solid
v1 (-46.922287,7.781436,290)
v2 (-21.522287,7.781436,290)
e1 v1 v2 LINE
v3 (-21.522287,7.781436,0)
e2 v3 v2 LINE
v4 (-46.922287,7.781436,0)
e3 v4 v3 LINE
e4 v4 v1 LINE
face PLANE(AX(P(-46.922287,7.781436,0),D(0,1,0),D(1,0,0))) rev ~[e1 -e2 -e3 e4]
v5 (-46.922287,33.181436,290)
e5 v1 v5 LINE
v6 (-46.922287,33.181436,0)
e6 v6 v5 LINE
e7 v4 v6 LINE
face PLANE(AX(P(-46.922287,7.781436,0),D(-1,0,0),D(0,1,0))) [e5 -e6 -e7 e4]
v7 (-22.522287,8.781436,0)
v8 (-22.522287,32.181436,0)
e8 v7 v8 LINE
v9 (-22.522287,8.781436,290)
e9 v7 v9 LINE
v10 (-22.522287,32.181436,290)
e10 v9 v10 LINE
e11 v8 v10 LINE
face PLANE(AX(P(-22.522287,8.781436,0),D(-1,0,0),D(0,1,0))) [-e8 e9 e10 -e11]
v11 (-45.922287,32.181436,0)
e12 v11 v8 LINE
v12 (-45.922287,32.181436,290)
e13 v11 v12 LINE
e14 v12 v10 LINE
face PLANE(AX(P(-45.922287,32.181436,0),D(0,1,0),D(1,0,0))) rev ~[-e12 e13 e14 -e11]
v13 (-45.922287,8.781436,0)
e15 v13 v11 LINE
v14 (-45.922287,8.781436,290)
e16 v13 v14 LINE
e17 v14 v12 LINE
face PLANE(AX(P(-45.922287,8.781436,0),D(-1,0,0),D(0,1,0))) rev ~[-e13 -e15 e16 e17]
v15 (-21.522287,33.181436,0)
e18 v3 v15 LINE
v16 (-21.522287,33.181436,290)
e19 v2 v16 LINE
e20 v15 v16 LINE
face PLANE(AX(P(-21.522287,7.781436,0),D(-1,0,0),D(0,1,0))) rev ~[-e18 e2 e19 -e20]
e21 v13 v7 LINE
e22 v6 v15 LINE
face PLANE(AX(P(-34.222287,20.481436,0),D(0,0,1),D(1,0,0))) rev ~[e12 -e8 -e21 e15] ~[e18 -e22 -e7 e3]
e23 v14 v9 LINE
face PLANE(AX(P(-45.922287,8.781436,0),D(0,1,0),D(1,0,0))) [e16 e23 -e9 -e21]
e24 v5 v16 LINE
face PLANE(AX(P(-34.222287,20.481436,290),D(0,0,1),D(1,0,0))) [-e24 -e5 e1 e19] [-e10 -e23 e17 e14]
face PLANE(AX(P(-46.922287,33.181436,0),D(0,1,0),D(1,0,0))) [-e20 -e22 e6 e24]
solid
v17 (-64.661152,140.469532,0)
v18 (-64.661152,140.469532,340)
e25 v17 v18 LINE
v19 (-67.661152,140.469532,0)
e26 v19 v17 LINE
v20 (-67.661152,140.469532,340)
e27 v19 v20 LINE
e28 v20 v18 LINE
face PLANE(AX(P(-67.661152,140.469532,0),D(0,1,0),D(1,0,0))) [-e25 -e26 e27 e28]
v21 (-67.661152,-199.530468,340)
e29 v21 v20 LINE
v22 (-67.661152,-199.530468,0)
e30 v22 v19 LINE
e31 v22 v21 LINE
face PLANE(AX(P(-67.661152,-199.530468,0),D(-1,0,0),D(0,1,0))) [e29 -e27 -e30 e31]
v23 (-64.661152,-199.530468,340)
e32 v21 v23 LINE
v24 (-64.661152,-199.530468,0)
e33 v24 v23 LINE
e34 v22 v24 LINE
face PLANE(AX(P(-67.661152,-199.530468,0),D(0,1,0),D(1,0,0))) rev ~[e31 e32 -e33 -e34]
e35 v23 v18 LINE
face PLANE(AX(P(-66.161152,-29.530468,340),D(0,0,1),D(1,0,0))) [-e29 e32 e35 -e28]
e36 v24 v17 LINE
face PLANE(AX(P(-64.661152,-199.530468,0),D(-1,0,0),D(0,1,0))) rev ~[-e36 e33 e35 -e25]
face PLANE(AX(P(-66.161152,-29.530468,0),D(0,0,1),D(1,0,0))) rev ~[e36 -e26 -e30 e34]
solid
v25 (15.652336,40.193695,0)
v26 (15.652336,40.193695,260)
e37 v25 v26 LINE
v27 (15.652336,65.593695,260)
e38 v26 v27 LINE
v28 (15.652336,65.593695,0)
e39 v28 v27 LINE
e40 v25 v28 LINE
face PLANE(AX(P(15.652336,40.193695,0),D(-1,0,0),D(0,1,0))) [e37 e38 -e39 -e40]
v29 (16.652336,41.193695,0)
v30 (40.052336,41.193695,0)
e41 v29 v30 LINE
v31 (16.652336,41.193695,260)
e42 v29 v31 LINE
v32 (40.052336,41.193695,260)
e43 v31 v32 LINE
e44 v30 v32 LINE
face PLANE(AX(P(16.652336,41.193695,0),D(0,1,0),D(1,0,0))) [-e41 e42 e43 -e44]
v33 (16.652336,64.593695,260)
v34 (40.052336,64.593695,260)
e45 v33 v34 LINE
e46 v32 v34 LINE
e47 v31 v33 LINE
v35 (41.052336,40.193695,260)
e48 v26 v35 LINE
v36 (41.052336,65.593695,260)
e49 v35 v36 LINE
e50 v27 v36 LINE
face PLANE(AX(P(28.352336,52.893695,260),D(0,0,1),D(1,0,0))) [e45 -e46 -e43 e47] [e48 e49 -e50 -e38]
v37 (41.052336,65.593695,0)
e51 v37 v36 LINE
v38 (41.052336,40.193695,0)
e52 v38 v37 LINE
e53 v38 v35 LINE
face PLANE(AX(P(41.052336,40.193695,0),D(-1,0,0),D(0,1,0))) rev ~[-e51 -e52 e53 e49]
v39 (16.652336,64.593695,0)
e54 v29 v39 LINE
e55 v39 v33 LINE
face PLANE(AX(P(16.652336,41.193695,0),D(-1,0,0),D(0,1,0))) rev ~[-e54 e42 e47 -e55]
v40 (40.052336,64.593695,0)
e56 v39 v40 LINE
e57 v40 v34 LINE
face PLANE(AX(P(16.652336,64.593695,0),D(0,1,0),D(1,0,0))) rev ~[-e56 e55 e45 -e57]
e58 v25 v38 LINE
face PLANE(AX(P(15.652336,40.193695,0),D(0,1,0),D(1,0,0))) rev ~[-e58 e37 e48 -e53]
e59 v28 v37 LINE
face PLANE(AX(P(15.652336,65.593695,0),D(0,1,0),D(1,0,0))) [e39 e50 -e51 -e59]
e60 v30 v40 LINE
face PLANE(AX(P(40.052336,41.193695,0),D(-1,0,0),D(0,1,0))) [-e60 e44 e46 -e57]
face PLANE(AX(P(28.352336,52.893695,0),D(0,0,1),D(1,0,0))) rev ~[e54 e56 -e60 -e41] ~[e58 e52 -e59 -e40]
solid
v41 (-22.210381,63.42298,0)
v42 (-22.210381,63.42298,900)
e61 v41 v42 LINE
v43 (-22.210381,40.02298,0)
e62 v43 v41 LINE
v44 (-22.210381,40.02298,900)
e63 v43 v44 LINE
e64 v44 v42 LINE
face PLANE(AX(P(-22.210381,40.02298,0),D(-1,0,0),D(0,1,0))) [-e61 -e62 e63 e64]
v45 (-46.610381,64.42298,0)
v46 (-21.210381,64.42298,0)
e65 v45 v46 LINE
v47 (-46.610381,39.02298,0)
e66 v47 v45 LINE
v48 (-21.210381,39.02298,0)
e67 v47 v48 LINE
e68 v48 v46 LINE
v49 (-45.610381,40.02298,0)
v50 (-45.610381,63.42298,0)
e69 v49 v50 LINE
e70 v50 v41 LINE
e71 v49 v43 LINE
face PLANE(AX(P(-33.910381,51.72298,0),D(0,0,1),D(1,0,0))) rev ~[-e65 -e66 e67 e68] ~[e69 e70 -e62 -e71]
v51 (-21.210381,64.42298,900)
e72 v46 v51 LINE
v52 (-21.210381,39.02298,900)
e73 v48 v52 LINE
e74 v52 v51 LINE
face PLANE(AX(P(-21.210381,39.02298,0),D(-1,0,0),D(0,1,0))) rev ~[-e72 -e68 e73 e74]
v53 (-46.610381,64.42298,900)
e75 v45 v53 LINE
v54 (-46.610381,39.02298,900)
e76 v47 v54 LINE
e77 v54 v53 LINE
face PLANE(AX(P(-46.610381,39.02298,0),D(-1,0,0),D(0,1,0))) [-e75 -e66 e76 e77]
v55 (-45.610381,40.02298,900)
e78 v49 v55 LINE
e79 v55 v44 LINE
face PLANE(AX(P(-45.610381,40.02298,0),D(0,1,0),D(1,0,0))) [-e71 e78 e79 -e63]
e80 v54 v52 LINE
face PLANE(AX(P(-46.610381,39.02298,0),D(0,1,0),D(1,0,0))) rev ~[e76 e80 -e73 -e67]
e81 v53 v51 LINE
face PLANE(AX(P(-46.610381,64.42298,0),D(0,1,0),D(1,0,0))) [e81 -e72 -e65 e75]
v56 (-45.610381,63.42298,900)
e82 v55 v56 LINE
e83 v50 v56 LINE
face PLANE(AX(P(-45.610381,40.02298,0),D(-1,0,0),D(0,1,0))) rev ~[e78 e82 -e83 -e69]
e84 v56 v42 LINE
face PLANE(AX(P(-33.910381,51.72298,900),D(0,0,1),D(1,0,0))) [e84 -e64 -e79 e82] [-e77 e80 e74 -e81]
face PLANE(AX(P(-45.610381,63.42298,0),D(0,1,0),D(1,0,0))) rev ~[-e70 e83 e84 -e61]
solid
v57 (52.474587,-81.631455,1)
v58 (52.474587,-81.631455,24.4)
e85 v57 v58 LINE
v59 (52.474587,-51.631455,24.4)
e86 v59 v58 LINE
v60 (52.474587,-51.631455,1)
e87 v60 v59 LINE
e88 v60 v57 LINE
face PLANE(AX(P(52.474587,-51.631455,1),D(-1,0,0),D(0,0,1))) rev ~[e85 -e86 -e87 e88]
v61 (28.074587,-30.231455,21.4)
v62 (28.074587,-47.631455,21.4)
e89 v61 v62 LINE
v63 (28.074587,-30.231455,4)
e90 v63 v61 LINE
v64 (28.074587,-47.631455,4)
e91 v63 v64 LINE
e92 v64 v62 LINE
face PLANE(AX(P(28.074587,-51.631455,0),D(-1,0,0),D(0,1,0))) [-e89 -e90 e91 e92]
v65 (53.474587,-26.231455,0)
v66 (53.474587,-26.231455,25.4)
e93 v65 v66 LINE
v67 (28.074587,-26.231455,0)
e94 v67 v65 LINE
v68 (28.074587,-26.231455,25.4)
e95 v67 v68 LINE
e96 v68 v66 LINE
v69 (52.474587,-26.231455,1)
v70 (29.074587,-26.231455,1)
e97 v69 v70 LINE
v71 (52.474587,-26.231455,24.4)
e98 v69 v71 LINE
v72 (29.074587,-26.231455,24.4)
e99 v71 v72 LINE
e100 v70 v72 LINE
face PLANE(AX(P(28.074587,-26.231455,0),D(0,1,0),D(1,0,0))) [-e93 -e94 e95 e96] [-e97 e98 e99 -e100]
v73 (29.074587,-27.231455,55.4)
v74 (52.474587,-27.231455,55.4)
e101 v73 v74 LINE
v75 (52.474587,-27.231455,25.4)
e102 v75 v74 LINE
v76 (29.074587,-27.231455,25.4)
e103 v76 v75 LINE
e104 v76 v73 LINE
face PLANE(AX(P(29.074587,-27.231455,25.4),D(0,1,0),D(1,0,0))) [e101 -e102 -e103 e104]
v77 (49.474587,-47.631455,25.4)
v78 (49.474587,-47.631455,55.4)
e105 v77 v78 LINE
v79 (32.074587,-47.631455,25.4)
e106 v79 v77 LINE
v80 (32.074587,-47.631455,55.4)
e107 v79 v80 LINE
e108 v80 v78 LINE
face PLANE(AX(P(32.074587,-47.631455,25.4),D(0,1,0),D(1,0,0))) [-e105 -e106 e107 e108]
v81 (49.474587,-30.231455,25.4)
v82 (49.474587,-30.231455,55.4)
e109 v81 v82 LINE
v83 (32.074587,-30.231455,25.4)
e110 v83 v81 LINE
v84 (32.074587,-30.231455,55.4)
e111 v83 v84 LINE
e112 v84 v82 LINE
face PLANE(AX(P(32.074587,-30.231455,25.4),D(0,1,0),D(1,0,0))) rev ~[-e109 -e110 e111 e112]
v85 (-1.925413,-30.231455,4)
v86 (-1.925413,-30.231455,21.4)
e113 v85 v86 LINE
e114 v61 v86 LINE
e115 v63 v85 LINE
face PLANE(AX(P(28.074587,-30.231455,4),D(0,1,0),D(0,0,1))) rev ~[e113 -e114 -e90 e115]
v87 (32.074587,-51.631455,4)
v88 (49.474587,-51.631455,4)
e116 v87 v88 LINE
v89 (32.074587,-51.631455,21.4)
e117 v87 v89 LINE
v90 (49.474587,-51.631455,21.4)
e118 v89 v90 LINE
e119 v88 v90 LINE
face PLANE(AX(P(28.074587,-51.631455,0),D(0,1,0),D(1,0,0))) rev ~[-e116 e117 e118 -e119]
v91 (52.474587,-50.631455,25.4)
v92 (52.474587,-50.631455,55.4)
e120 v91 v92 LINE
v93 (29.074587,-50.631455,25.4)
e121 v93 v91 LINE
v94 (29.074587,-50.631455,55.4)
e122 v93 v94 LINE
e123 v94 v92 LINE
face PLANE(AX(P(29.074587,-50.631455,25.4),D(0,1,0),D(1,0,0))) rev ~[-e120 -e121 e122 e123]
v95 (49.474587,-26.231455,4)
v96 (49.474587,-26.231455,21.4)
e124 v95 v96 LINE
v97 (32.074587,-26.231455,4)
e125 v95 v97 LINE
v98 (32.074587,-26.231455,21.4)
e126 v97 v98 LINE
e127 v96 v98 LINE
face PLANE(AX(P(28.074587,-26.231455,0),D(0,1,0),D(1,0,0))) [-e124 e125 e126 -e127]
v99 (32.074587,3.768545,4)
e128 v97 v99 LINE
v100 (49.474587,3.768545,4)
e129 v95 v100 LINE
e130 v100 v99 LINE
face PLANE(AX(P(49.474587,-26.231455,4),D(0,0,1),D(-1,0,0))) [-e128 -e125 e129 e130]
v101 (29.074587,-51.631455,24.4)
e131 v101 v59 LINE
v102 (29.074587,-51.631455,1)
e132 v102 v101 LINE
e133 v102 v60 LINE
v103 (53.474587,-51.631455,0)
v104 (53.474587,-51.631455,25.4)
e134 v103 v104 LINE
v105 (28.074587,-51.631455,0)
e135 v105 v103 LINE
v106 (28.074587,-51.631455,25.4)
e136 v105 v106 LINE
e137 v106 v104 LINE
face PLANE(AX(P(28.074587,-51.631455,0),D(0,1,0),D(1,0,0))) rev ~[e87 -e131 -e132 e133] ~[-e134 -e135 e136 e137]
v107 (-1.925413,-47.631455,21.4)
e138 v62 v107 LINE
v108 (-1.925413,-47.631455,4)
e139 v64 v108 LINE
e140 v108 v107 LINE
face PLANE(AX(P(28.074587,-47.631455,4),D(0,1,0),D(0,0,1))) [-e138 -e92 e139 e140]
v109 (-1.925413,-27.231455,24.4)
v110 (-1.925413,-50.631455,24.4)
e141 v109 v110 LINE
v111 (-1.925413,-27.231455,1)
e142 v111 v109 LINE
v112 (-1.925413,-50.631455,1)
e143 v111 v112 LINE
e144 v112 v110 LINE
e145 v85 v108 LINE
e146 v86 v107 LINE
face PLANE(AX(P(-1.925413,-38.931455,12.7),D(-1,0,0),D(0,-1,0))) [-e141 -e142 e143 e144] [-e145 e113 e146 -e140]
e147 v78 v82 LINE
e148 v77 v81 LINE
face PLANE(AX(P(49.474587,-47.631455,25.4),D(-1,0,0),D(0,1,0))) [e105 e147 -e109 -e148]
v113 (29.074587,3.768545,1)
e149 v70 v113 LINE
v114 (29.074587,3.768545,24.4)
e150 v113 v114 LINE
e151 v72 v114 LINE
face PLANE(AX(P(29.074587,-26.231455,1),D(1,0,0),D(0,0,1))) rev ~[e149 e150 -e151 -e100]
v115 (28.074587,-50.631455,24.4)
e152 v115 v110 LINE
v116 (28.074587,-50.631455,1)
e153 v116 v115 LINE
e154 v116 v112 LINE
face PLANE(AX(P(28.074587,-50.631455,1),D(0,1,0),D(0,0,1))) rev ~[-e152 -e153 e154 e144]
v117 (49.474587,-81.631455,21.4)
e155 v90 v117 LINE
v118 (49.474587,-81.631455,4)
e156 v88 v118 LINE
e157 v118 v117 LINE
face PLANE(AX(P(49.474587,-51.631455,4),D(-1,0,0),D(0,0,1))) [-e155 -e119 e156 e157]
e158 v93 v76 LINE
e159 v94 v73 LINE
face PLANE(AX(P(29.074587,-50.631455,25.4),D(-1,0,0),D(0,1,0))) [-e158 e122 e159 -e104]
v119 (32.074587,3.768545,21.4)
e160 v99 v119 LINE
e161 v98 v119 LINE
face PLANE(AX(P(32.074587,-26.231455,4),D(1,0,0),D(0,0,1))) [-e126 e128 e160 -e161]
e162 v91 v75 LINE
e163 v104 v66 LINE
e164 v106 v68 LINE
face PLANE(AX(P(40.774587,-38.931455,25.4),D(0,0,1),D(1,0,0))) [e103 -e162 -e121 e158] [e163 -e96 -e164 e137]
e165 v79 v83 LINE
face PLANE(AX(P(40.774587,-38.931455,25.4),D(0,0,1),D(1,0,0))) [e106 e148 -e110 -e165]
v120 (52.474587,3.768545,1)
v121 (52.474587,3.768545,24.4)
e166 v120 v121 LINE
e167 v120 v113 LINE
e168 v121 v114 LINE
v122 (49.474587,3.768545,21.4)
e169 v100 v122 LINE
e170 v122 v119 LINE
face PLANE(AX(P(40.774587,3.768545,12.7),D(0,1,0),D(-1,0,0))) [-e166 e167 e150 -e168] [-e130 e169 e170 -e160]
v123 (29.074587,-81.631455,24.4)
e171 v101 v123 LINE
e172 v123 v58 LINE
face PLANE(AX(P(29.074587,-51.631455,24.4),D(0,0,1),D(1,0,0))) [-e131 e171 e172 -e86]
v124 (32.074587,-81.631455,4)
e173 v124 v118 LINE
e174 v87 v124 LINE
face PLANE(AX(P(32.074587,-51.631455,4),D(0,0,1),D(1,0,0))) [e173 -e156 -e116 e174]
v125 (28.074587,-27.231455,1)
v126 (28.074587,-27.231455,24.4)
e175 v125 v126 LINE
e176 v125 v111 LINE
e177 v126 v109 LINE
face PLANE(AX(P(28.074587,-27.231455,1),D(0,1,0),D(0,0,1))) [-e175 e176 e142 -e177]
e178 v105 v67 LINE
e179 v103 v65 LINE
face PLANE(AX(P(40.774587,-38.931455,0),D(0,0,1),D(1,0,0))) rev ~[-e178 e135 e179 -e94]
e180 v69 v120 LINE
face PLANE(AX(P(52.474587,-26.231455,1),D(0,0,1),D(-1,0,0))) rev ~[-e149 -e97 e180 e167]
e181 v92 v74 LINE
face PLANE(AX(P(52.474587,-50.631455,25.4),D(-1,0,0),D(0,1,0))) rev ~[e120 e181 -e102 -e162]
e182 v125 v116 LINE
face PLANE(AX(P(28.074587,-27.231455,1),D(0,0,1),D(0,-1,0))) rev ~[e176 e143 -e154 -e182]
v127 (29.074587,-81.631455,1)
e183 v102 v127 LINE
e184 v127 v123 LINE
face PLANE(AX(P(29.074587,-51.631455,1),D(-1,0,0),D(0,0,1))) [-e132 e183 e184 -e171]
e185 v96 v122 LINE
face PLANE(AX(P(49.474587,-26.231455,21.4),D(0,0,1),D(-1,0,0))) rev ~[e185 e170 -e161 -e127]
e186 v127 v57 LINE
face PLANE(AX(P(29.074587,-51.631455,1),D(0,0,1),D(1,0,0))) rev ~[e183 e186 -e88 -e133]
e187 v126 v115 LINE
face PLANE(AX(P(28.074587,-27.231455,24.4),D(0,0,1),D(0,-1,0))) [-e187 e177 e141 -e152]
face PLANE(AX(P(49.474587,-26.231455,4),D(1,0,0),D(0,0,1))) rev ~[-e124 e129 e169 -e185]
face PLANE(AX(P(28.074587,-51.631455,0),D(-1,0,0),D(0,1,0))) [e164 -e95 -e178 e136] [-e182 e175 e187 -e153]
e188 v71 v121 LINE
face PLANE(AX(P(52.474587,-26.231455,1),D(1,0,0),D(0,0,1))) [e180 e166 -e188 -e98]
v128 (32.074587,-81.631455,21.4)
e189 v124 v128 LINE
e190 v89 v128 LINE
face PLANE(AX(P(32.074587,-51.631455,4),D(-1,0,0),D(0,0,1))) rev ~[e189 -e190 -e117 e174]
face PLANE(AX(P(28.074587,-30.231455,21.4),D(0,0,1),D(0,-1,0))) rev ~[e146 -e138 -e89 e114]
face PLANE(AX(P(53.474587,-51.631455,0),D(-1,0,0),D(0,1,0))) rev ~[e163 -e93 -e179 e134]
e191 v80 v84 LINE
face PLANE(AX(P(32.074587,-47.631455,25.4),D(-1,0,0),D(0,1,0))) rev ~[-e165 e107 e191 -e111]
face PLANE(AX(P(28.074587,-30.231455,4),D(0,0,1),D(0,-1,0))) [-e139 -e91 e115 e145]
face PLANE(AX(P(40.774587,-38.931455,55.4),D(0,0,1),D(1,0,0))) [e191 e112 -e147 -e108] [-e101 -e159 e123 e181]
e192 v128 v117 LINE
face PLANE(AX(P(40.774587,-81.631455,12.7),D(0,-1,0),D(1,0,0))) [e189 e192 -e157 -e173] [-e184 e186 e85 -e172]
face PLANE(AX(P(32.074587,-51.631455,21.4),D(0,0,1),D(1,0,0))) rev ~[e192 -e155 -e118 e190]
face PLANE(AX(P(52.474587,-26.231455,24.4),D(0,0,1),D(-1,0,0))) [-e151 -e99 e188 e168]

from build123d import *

# Parameters (mm, degrees)
F0_W      = 25.4
F0_H      = 25.4
F0_W_2    = 23.4
F0_H_2    = 23.4
F1_DEPTH  = 290
F2_W      = 25.4
F2_H      = 25.4
F2_W_2    = 23.4
F2_H_2    = 23.4
F3_DEPTH  = 900
F4_W      = 25.4
F4_H      = 25.4
F5_DEPTH  = 25.4
F6_W      = 23.4
F6_H      = 23.4
F6_W_2    = 17.4
F6_H_2    = 17.4
F7_DEPTH  = 30
F8_W      = 23.4
F8_H      = 23.4
F8_W_2    = 17.4
F8_H_2    = 17.4
F9_DEPTH  = 30
F10_W     = 23.4
F10_H     = 23.4
F10_W_2   = 17.4
F10_H_2   = 17.4
F11_DEPTH = 30
F12_W     = 23.4
F12_H     = 23.4
F12_W_2   = 17.4
F12_H_2   = 17.4
F13_DEPTH = 30
F14_W     = 25.4
F14_H     = 25.4
F14_W_2   = 23.4
F14_H_2   = 23.4
F15_DEPTH = 260
F16_W     = 3
F16_H     = 340
F17_DEPTH = 340


with BuildPart() as f1:
    # F0 (on Top) → F1 (new body)
    with BuildSketch(Plane.XY):
        with Locations((-34.222287, 20.481436)):
            Rectangle(F0_W, F0_H)
        with Locations((-34.222287, 20.481436)):
            Rectangle(F0_W_2, F0_H_2, mode=Mode.SUBTRACT)
    extrude(amount=F1_DEPTH)


with BuildPart() as f3:
    # F2 (on Top) → F3 (new body)
    with BuildSketch(Plane.XY):
        with Locations((-33.910381, 51.72298)):
            Rectangle(F2_W, F2_H)
        with Locations((-33.910381, 51.72298)):
            Rectangle(F2_W_2, F2_H_2, mode=Mode.SUBTRACT)
    extrude(amount=F3_DEPTH)


with BuildPart() as f5:
    # F4 (on Top) → F5 (new body)
    with BuildSketch(Plane.XY):
        with Locations((40.774587, -38.931455)):
            Rectangle(F4_W, F4_H)
    extrude(amount=F5_DEPTH)

    # F6 (on face) → F7 (join)
    with BuildSketch(Plane.XY.offset(25.4)):
        with Locations((40.774587, -38.931455)):
            Rectangle(F6_W, F6_H)
        with Locations((40.774587, -38.931455)):
            Rectangle(F6_W_2, F6_H_2, mode=Mode.SUBTRACT)
    extrude(amount=F7_DEPTH)

    # F8 (on face) → F9 (join)
    with BuildSketch(Plane(origin=(28.074587, 0, 0), x_dir=(0, -1, 0), z_dir=(-1, 0, 0))):
        with Locations((38.931455, 12.7)):
            Rectangle(F8_W, F8_H)
        with Locations((38.931455, 12.7)):
            Rectangle(F8_W_2, F8_H_2, mode=Mode.SUBTRACT)
    extrude(amount=F9_DEPTH)

    # F10 (on face) → F11 (join)
    with BuildSketch(Plane.XZ.offset(51.631455)):
        with Locations((40.774587, 12.7)):
            Rectangle(F10_W, F10_H)
        with Locations((40.774587, 12.7)):
            Rectangle(F10_W_2, F10_H_2, mode=Mode.SUBTRACT)
    extrude(amount=F11_DEPTH)

    # F12 (on face) → F13 (join)
    with BuildSketch(Plane(origin=(0, -26.231455, 0), x_dir=(-1, 0, 0), z_dir=(0, 1, 0))):
        with Locations((-40.774587, 12.7)):
            Rectangle(F12_W, F12_H)
        with Locations((-40.774587, 12.7)):
            Rectangle(F12_W_2, F12_H_2, mode=Mode.SUBTRACT)
    extrude(amount=F13_DEPTH)


with BuildPart() as f15:
    # F14 (on Top) → F15 (new body)
    with BuildSketch(Plane.XY):
        with Locations((28.352336, 52.893695)):
            Rectangle(F14_W, F14_H)
        with Locations((28.352336, 52.893695)):
            Rectangle(F14_W_2, F14_H_2, mode=Mode.SUBTRACT)
    extrude(amount=F15_DEPTH)


with BuildPart() as f17:
    # F16 (on Top) → F17 (new body)
    with BuildSketch(Plane.XY):
        with Locations((-66.161152, -29.530468)):
            Rectangle(F16_W, F16_H)
    extrude(amount=F17_DEPTH)


solid = Compound([f1.part, f3.part, f5.part, f15.part, f17.part])
